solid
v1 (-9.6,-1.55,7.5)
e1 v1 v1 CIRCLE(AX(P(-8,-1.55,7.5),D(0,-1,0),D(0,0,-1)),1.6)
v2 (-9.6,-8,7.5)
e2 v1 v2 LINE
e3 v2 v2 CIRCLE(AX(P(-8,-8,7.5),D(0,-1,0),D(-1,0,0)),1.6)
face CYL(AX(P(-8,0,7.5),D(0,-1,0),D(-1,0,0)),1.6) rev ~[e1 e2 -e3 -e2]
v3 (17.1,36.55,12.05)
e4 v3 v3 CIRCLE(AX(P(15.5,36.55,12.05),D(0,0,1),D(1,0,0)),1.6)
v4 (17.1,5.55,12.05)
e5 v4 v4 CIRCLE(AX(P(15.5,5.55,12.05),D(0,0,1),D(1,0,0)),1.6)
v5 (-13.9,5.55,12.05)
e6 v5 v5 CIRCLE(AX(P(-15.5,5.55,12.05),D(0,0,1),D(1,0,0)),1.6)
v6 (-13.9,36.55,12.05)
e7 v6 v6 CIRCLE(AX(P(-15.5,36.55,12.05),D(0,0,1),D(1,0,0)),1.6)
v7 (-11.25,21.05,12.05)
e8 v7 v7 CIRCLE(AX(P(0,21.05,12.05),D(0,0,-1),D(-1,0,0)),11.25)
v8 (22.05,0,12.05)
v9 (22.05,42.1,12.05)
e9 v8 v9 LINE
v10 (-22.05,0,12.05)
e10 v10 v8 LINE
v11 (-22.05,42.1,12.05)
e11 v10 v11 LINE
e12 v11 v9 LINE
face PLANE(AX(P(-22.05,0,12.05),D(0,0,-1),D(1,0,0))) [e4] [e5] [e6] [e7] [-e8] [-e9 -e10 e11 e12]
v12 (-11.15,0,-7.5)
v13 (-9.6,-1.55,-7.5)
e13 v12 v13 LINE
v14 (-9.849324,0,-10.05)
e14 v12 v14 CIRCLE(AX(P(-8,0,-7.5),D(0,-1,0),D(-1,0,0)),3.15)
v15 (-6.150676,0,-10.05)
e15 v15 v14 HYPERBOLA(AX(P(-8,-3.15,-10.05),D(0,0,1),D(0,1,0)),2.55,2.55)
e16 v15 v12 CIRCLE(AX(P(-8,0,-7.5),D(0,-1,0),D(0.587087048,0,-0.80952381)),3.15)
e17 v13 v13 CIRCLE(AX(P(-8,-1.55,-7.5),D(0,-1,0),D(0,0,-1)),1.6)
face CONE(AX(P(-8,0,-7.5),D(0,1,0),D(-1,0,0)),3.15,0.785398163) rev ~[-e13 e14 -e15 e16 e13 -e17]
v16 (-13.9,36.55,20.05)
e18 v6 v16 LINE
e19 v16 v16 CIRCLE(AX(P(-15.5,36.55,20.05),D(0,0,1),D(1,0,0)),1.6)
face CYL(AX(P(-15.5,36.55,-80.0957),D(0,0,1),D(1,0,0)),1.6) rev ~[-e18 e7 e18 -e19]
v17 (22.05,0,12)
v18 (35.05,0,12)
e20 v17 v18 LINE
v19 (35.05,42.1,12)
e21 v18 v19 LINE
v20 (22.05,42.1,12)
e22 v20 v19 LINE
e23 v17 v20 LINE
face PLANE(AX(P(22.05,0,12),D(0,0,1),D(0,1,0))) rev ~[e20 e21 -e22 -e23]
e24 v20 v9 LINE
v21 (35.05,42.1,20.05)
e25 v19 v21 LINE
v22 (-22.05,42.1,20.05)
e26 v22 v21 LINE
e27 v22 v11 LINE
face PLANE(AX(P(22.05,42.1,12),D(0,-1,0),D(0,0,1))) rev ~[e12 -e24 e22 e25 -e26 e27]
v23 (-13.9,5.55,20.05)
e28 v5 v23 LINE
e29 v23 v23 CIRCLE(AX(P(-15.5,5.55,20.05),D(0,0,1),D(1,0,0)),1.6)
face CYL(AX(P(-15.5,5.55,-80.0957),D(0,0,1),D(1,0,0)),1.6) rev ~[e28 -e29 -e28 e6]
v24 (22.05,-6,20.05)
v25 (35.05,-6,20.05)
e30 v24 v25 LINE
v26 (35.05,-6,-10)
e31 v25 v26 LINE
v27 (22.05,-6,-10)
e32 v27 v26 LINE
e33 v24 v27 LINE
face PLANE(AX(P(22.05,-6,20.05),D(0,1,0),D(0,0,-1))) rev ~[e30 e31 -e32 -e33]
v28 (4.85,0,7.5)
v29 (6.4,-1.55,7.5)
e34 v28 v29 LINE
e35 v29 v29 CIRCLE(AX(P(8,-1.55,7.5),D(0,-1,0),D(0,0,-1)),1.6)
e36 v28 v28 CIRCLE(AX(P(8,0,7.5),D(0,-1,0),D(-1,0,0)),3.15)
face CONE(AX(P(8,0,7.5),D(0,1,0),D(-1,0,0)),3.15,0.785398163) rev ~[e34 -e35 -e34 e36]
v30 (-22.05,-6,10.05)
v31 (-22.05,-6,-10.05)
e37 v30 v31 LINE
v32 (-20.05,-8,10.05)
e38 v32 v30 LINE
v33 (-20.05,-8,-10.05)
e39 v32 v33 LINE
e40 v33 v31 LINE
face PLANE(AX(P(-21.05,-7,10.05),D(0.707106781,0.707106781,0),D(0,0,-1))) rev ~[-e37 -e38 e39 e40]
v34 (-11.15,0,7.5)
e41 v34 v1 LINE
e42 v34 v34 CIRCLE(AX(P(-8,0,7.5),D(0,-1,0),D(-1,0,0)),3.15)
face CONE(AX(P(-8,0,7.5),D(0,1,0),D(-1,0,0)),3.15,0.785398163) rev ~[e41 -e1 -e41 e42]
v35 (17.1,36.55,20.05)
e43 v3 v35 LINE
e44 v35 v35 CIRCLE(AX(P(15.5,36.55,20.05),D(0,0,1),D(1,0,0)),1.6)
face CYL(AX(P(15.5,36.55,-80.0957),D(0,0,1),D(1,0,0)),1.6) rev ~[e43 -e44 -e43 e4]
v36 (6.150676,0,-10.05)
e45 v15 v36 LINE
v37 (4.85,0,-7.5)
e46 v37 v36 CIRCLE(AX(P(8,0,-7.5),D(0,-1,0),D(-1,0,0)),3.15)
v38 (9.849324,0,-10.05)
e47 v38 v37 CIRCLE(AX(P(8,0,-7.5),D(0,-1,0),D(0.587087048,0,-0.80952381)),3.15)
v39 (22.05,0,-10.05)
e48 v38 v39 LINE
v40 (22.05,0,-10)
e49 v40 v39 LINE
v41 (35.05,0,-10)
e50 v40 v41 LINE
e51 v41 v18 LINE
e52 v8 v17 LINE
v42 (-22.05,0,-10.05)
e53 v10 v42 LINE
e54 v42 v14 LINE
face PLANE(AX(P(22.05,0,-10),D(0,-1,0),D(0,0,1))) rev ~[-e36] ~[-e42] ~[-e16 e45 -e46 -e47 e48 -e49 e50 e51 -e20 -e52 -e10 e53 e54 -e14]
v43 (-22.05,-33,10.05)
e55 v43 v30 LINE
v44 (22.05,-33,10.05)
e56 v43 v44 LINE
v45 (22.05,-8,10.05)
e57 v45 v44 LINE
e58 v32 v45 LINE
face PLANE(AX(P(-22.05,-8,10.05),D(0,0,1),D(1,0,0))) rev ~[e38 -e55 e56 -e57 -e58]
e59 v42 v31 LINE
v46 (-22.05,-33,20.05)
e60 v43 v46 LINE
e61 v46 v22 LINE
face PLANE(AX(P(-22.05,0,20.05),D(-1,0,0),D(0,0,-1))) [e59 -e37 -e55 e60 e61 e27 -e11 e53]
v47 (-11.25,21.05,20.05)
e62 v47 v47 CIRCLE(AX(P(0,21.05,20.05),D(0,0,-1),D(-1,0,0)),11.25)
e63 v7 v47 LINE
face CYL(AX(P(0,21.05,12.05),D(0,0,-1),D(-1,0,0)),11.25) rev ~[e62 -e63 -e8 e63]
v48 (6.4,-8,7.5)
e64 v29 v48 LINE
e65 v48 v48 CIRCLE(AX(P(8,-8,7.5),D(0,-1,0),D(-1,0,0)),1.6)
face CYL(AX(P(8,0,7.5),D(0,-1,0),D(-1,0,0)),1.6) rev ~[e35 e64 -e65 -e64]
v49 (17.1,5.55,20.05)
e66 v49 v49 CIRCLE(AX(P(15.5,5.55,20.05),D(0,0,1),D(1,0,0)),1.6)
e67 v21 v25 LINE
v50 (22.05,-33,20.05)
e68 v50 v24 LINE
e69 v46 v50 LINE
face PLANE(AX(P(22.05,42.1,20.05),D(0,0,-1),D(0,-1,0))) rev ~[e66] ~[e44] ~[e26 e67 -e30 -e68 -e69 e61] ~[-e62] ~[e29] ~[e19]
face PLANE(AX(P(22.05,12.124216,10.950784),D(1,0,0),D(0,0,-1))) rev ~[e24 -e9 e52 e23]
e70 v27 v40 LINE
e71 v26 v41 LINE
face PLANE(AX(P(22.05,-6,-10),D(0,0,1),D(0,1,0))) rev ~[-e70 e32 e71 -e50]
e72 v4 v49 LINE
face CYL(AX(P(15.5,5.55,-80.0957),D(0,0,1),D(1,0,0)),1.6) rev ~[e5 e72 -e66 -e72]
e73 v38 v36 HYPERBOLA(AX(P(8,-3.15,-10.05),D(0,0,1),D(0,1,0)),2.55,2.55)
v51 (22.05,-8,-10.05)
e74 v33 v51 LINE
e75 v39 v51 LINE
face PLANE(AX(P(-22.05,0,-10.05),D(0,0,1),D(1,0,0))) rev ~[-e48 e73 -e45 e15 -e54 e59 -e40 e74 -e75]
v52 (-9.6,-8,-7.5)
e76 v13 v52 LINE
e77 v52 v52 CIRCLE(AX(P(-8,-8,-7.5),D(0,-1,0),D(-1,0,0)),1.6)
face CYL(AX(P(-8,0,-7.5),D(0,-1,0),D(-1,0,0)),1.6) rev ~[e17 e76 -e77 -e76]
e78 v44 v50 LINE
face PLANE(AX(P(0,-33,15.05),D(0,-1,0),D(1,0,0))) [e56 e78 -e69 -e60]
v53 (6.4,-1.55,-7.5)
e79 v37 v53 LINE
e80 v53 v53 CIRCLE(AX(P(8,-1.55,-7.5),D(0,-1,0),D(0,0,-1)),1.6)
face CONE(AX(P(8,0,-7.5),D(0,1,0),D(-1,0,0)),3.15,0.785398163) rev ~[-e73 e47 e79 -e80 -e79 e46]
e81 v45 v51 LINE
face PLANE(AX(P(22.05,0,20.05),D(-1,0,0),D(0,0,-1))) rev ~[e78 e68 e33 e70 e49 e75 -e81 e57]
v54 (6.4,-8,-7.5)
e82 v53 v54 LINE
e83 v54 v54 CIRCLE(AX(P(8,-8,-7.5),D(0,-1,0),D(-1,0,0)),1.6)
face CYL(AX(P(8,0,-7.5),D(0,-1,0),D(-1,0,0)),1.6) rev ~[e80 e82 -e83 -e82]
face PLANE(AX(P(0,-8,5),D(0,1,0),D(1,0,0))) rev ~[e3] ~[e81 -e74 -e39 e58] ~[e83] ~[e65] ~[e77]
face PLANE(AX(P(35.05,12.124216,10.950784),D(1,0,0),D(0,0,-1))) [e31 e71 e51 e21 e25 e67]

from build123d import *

# Parameters (mm, degrees)
SKETCH3_W                                       = 44.1
SKETCH3_H                                       = 30.1
BOSS_EXTRUDE1_DEPTH                             = 8
SKETCH4_W                                       = 44.1
SKETCH4_H                                       = 10
BOSS_EXTRUDE2_DEPTH                             = 25
CSK_FOR_M3_FLAT_HEAD_MACHINE_SCREW1_D           = 3.2
CSK_FOR_M3_FLAT_HEAD_MACHINE_SCREW1_CSINK_D     = 6.3
CSK_FOR_M3_FLAT_HEAD_MACHINE_SCREW1_CSINK_ANGLE = 90
SKETCH10_W                                      = 44.1
SKETCH10_H                                      = 8
BOSS_EXTRUDE3_DEPTH                             = 42.1
SKETCH11_R                                      = 11.25
CUT_EXTRUDE1_DEPTH                              = 42
M3_CLEARANCE_HOLE4_D                            = 3.2
BOSS_EXTRUDE4_DEPTH                             = 13
CHAMFER2_SIZE                                   = 2


with BuildPart() as part:
    # Sketch3 → Boss-Extrude1 (new body)
    with BuildSketch(Plane(origin=(0, 0, 0), x_dir=(1, 0, 0), z_dir=(0, 1, 0))):
        with Locations((0, -5)):
            Rectangle(SKETCH3_W, SKETCH3_H)
    extrude(amount=-BOSS_EXTRUDE1_DEPTH)

    # Sketch4 → Boss-Extrude2 (add)
    with BuildSketch(Plane.XZ.offset(8)):
        with Locations((0, 15.05)):
            Rectangle(SKETCH4_W, SKETCH4_H)
    extrude(amount=BOSS_EXTRUDE2_DEPTH)

    # CSK for M3 Flat Head Machine Screw1 (through all)
    with Locations(Plane(origin=(0, 0, 0), x_dir=(1, 0, 0), z_dir=(0, 1, 0))):
        with Locations((8, -7.5), (-8, -7.5), (8, 7.5), (-8, 7.5)):
            CounterSinkHole(CSK_FOR_M3_FLAT_HEAD_MACHINE_SCREW1_D / 2, CSK_FOR_M3_FLAT_HEAD_MACHINE_SCREW1_CSINK_D / 2, counter_sink_angle=CSK_FOR_M3_FLAT_HEAD_MACHINE_SCREW1_CSINK_ANGLE)

    # Sketch10 → Boss-Extrude3 (add)
    with BuildSketch(Plane(origin=(0, 0, 0), x_dir=(1, 0, 0), z_dir=(0, 1, 0))):
        with Locations((0, -16.05)):
            Rectangle(SKETCH10_W, SKETCH10_H)
    extrude(amount=BOSS_EXTRUDE3_DEPTH)

    # Sketch11 → Cut-Extrude1 (cut)
    with BuildSketch(Plane(origin=(0, 0, 12.05), x_dir=(-1, 0, 0), z_dir=(0, 0, -1))):
        with Locations((0, 21.05)):
            Circle(SKETCH11_R)
    extrude(amount=-CUT_EXTRUDE1_DEPTH, mode=Mode.SUBTRACT)

    # M3 Clearance Hole4 (through all)
    with Locations(Plane(origin=(0, 0, 12.05), x_dir=(-1, 0, 0), z_dir=(0, 0, -1))):
        with Locations((15.5, 5.55), (-15.5, 5.55), (15.5, 36.55), (-15.5, 36.55)):
            Hole(M3_CLEARANCE_HOLE4_D / 2)

    # Sketch14 → Boss-Extrude4 (add)
    with BuildSketch(Plane(origin=(22.05, 0, 0), x_dir=(0, 0, -1), z_dir=(1, 0, 0))):
        Polygon((10, 0), (-10, 0), (-12, 0), (-12, 42.1), (-20.05, 42.1), (-20.05, -6), (-12, -6), (-10, -6), (10, -6), align=None)
    extrude(amount=BOSS_EXTRUDE4_DEPTH)

    # Chamfer2
    chamfer2_edges = [part.edges().sort_by_distance(p)[0] for p in [
        (-22.05, -8, 0),
    ]]
    chamfer(chamfer2_edges, length=CHAMFER2_SIZE)


solid = part.part
